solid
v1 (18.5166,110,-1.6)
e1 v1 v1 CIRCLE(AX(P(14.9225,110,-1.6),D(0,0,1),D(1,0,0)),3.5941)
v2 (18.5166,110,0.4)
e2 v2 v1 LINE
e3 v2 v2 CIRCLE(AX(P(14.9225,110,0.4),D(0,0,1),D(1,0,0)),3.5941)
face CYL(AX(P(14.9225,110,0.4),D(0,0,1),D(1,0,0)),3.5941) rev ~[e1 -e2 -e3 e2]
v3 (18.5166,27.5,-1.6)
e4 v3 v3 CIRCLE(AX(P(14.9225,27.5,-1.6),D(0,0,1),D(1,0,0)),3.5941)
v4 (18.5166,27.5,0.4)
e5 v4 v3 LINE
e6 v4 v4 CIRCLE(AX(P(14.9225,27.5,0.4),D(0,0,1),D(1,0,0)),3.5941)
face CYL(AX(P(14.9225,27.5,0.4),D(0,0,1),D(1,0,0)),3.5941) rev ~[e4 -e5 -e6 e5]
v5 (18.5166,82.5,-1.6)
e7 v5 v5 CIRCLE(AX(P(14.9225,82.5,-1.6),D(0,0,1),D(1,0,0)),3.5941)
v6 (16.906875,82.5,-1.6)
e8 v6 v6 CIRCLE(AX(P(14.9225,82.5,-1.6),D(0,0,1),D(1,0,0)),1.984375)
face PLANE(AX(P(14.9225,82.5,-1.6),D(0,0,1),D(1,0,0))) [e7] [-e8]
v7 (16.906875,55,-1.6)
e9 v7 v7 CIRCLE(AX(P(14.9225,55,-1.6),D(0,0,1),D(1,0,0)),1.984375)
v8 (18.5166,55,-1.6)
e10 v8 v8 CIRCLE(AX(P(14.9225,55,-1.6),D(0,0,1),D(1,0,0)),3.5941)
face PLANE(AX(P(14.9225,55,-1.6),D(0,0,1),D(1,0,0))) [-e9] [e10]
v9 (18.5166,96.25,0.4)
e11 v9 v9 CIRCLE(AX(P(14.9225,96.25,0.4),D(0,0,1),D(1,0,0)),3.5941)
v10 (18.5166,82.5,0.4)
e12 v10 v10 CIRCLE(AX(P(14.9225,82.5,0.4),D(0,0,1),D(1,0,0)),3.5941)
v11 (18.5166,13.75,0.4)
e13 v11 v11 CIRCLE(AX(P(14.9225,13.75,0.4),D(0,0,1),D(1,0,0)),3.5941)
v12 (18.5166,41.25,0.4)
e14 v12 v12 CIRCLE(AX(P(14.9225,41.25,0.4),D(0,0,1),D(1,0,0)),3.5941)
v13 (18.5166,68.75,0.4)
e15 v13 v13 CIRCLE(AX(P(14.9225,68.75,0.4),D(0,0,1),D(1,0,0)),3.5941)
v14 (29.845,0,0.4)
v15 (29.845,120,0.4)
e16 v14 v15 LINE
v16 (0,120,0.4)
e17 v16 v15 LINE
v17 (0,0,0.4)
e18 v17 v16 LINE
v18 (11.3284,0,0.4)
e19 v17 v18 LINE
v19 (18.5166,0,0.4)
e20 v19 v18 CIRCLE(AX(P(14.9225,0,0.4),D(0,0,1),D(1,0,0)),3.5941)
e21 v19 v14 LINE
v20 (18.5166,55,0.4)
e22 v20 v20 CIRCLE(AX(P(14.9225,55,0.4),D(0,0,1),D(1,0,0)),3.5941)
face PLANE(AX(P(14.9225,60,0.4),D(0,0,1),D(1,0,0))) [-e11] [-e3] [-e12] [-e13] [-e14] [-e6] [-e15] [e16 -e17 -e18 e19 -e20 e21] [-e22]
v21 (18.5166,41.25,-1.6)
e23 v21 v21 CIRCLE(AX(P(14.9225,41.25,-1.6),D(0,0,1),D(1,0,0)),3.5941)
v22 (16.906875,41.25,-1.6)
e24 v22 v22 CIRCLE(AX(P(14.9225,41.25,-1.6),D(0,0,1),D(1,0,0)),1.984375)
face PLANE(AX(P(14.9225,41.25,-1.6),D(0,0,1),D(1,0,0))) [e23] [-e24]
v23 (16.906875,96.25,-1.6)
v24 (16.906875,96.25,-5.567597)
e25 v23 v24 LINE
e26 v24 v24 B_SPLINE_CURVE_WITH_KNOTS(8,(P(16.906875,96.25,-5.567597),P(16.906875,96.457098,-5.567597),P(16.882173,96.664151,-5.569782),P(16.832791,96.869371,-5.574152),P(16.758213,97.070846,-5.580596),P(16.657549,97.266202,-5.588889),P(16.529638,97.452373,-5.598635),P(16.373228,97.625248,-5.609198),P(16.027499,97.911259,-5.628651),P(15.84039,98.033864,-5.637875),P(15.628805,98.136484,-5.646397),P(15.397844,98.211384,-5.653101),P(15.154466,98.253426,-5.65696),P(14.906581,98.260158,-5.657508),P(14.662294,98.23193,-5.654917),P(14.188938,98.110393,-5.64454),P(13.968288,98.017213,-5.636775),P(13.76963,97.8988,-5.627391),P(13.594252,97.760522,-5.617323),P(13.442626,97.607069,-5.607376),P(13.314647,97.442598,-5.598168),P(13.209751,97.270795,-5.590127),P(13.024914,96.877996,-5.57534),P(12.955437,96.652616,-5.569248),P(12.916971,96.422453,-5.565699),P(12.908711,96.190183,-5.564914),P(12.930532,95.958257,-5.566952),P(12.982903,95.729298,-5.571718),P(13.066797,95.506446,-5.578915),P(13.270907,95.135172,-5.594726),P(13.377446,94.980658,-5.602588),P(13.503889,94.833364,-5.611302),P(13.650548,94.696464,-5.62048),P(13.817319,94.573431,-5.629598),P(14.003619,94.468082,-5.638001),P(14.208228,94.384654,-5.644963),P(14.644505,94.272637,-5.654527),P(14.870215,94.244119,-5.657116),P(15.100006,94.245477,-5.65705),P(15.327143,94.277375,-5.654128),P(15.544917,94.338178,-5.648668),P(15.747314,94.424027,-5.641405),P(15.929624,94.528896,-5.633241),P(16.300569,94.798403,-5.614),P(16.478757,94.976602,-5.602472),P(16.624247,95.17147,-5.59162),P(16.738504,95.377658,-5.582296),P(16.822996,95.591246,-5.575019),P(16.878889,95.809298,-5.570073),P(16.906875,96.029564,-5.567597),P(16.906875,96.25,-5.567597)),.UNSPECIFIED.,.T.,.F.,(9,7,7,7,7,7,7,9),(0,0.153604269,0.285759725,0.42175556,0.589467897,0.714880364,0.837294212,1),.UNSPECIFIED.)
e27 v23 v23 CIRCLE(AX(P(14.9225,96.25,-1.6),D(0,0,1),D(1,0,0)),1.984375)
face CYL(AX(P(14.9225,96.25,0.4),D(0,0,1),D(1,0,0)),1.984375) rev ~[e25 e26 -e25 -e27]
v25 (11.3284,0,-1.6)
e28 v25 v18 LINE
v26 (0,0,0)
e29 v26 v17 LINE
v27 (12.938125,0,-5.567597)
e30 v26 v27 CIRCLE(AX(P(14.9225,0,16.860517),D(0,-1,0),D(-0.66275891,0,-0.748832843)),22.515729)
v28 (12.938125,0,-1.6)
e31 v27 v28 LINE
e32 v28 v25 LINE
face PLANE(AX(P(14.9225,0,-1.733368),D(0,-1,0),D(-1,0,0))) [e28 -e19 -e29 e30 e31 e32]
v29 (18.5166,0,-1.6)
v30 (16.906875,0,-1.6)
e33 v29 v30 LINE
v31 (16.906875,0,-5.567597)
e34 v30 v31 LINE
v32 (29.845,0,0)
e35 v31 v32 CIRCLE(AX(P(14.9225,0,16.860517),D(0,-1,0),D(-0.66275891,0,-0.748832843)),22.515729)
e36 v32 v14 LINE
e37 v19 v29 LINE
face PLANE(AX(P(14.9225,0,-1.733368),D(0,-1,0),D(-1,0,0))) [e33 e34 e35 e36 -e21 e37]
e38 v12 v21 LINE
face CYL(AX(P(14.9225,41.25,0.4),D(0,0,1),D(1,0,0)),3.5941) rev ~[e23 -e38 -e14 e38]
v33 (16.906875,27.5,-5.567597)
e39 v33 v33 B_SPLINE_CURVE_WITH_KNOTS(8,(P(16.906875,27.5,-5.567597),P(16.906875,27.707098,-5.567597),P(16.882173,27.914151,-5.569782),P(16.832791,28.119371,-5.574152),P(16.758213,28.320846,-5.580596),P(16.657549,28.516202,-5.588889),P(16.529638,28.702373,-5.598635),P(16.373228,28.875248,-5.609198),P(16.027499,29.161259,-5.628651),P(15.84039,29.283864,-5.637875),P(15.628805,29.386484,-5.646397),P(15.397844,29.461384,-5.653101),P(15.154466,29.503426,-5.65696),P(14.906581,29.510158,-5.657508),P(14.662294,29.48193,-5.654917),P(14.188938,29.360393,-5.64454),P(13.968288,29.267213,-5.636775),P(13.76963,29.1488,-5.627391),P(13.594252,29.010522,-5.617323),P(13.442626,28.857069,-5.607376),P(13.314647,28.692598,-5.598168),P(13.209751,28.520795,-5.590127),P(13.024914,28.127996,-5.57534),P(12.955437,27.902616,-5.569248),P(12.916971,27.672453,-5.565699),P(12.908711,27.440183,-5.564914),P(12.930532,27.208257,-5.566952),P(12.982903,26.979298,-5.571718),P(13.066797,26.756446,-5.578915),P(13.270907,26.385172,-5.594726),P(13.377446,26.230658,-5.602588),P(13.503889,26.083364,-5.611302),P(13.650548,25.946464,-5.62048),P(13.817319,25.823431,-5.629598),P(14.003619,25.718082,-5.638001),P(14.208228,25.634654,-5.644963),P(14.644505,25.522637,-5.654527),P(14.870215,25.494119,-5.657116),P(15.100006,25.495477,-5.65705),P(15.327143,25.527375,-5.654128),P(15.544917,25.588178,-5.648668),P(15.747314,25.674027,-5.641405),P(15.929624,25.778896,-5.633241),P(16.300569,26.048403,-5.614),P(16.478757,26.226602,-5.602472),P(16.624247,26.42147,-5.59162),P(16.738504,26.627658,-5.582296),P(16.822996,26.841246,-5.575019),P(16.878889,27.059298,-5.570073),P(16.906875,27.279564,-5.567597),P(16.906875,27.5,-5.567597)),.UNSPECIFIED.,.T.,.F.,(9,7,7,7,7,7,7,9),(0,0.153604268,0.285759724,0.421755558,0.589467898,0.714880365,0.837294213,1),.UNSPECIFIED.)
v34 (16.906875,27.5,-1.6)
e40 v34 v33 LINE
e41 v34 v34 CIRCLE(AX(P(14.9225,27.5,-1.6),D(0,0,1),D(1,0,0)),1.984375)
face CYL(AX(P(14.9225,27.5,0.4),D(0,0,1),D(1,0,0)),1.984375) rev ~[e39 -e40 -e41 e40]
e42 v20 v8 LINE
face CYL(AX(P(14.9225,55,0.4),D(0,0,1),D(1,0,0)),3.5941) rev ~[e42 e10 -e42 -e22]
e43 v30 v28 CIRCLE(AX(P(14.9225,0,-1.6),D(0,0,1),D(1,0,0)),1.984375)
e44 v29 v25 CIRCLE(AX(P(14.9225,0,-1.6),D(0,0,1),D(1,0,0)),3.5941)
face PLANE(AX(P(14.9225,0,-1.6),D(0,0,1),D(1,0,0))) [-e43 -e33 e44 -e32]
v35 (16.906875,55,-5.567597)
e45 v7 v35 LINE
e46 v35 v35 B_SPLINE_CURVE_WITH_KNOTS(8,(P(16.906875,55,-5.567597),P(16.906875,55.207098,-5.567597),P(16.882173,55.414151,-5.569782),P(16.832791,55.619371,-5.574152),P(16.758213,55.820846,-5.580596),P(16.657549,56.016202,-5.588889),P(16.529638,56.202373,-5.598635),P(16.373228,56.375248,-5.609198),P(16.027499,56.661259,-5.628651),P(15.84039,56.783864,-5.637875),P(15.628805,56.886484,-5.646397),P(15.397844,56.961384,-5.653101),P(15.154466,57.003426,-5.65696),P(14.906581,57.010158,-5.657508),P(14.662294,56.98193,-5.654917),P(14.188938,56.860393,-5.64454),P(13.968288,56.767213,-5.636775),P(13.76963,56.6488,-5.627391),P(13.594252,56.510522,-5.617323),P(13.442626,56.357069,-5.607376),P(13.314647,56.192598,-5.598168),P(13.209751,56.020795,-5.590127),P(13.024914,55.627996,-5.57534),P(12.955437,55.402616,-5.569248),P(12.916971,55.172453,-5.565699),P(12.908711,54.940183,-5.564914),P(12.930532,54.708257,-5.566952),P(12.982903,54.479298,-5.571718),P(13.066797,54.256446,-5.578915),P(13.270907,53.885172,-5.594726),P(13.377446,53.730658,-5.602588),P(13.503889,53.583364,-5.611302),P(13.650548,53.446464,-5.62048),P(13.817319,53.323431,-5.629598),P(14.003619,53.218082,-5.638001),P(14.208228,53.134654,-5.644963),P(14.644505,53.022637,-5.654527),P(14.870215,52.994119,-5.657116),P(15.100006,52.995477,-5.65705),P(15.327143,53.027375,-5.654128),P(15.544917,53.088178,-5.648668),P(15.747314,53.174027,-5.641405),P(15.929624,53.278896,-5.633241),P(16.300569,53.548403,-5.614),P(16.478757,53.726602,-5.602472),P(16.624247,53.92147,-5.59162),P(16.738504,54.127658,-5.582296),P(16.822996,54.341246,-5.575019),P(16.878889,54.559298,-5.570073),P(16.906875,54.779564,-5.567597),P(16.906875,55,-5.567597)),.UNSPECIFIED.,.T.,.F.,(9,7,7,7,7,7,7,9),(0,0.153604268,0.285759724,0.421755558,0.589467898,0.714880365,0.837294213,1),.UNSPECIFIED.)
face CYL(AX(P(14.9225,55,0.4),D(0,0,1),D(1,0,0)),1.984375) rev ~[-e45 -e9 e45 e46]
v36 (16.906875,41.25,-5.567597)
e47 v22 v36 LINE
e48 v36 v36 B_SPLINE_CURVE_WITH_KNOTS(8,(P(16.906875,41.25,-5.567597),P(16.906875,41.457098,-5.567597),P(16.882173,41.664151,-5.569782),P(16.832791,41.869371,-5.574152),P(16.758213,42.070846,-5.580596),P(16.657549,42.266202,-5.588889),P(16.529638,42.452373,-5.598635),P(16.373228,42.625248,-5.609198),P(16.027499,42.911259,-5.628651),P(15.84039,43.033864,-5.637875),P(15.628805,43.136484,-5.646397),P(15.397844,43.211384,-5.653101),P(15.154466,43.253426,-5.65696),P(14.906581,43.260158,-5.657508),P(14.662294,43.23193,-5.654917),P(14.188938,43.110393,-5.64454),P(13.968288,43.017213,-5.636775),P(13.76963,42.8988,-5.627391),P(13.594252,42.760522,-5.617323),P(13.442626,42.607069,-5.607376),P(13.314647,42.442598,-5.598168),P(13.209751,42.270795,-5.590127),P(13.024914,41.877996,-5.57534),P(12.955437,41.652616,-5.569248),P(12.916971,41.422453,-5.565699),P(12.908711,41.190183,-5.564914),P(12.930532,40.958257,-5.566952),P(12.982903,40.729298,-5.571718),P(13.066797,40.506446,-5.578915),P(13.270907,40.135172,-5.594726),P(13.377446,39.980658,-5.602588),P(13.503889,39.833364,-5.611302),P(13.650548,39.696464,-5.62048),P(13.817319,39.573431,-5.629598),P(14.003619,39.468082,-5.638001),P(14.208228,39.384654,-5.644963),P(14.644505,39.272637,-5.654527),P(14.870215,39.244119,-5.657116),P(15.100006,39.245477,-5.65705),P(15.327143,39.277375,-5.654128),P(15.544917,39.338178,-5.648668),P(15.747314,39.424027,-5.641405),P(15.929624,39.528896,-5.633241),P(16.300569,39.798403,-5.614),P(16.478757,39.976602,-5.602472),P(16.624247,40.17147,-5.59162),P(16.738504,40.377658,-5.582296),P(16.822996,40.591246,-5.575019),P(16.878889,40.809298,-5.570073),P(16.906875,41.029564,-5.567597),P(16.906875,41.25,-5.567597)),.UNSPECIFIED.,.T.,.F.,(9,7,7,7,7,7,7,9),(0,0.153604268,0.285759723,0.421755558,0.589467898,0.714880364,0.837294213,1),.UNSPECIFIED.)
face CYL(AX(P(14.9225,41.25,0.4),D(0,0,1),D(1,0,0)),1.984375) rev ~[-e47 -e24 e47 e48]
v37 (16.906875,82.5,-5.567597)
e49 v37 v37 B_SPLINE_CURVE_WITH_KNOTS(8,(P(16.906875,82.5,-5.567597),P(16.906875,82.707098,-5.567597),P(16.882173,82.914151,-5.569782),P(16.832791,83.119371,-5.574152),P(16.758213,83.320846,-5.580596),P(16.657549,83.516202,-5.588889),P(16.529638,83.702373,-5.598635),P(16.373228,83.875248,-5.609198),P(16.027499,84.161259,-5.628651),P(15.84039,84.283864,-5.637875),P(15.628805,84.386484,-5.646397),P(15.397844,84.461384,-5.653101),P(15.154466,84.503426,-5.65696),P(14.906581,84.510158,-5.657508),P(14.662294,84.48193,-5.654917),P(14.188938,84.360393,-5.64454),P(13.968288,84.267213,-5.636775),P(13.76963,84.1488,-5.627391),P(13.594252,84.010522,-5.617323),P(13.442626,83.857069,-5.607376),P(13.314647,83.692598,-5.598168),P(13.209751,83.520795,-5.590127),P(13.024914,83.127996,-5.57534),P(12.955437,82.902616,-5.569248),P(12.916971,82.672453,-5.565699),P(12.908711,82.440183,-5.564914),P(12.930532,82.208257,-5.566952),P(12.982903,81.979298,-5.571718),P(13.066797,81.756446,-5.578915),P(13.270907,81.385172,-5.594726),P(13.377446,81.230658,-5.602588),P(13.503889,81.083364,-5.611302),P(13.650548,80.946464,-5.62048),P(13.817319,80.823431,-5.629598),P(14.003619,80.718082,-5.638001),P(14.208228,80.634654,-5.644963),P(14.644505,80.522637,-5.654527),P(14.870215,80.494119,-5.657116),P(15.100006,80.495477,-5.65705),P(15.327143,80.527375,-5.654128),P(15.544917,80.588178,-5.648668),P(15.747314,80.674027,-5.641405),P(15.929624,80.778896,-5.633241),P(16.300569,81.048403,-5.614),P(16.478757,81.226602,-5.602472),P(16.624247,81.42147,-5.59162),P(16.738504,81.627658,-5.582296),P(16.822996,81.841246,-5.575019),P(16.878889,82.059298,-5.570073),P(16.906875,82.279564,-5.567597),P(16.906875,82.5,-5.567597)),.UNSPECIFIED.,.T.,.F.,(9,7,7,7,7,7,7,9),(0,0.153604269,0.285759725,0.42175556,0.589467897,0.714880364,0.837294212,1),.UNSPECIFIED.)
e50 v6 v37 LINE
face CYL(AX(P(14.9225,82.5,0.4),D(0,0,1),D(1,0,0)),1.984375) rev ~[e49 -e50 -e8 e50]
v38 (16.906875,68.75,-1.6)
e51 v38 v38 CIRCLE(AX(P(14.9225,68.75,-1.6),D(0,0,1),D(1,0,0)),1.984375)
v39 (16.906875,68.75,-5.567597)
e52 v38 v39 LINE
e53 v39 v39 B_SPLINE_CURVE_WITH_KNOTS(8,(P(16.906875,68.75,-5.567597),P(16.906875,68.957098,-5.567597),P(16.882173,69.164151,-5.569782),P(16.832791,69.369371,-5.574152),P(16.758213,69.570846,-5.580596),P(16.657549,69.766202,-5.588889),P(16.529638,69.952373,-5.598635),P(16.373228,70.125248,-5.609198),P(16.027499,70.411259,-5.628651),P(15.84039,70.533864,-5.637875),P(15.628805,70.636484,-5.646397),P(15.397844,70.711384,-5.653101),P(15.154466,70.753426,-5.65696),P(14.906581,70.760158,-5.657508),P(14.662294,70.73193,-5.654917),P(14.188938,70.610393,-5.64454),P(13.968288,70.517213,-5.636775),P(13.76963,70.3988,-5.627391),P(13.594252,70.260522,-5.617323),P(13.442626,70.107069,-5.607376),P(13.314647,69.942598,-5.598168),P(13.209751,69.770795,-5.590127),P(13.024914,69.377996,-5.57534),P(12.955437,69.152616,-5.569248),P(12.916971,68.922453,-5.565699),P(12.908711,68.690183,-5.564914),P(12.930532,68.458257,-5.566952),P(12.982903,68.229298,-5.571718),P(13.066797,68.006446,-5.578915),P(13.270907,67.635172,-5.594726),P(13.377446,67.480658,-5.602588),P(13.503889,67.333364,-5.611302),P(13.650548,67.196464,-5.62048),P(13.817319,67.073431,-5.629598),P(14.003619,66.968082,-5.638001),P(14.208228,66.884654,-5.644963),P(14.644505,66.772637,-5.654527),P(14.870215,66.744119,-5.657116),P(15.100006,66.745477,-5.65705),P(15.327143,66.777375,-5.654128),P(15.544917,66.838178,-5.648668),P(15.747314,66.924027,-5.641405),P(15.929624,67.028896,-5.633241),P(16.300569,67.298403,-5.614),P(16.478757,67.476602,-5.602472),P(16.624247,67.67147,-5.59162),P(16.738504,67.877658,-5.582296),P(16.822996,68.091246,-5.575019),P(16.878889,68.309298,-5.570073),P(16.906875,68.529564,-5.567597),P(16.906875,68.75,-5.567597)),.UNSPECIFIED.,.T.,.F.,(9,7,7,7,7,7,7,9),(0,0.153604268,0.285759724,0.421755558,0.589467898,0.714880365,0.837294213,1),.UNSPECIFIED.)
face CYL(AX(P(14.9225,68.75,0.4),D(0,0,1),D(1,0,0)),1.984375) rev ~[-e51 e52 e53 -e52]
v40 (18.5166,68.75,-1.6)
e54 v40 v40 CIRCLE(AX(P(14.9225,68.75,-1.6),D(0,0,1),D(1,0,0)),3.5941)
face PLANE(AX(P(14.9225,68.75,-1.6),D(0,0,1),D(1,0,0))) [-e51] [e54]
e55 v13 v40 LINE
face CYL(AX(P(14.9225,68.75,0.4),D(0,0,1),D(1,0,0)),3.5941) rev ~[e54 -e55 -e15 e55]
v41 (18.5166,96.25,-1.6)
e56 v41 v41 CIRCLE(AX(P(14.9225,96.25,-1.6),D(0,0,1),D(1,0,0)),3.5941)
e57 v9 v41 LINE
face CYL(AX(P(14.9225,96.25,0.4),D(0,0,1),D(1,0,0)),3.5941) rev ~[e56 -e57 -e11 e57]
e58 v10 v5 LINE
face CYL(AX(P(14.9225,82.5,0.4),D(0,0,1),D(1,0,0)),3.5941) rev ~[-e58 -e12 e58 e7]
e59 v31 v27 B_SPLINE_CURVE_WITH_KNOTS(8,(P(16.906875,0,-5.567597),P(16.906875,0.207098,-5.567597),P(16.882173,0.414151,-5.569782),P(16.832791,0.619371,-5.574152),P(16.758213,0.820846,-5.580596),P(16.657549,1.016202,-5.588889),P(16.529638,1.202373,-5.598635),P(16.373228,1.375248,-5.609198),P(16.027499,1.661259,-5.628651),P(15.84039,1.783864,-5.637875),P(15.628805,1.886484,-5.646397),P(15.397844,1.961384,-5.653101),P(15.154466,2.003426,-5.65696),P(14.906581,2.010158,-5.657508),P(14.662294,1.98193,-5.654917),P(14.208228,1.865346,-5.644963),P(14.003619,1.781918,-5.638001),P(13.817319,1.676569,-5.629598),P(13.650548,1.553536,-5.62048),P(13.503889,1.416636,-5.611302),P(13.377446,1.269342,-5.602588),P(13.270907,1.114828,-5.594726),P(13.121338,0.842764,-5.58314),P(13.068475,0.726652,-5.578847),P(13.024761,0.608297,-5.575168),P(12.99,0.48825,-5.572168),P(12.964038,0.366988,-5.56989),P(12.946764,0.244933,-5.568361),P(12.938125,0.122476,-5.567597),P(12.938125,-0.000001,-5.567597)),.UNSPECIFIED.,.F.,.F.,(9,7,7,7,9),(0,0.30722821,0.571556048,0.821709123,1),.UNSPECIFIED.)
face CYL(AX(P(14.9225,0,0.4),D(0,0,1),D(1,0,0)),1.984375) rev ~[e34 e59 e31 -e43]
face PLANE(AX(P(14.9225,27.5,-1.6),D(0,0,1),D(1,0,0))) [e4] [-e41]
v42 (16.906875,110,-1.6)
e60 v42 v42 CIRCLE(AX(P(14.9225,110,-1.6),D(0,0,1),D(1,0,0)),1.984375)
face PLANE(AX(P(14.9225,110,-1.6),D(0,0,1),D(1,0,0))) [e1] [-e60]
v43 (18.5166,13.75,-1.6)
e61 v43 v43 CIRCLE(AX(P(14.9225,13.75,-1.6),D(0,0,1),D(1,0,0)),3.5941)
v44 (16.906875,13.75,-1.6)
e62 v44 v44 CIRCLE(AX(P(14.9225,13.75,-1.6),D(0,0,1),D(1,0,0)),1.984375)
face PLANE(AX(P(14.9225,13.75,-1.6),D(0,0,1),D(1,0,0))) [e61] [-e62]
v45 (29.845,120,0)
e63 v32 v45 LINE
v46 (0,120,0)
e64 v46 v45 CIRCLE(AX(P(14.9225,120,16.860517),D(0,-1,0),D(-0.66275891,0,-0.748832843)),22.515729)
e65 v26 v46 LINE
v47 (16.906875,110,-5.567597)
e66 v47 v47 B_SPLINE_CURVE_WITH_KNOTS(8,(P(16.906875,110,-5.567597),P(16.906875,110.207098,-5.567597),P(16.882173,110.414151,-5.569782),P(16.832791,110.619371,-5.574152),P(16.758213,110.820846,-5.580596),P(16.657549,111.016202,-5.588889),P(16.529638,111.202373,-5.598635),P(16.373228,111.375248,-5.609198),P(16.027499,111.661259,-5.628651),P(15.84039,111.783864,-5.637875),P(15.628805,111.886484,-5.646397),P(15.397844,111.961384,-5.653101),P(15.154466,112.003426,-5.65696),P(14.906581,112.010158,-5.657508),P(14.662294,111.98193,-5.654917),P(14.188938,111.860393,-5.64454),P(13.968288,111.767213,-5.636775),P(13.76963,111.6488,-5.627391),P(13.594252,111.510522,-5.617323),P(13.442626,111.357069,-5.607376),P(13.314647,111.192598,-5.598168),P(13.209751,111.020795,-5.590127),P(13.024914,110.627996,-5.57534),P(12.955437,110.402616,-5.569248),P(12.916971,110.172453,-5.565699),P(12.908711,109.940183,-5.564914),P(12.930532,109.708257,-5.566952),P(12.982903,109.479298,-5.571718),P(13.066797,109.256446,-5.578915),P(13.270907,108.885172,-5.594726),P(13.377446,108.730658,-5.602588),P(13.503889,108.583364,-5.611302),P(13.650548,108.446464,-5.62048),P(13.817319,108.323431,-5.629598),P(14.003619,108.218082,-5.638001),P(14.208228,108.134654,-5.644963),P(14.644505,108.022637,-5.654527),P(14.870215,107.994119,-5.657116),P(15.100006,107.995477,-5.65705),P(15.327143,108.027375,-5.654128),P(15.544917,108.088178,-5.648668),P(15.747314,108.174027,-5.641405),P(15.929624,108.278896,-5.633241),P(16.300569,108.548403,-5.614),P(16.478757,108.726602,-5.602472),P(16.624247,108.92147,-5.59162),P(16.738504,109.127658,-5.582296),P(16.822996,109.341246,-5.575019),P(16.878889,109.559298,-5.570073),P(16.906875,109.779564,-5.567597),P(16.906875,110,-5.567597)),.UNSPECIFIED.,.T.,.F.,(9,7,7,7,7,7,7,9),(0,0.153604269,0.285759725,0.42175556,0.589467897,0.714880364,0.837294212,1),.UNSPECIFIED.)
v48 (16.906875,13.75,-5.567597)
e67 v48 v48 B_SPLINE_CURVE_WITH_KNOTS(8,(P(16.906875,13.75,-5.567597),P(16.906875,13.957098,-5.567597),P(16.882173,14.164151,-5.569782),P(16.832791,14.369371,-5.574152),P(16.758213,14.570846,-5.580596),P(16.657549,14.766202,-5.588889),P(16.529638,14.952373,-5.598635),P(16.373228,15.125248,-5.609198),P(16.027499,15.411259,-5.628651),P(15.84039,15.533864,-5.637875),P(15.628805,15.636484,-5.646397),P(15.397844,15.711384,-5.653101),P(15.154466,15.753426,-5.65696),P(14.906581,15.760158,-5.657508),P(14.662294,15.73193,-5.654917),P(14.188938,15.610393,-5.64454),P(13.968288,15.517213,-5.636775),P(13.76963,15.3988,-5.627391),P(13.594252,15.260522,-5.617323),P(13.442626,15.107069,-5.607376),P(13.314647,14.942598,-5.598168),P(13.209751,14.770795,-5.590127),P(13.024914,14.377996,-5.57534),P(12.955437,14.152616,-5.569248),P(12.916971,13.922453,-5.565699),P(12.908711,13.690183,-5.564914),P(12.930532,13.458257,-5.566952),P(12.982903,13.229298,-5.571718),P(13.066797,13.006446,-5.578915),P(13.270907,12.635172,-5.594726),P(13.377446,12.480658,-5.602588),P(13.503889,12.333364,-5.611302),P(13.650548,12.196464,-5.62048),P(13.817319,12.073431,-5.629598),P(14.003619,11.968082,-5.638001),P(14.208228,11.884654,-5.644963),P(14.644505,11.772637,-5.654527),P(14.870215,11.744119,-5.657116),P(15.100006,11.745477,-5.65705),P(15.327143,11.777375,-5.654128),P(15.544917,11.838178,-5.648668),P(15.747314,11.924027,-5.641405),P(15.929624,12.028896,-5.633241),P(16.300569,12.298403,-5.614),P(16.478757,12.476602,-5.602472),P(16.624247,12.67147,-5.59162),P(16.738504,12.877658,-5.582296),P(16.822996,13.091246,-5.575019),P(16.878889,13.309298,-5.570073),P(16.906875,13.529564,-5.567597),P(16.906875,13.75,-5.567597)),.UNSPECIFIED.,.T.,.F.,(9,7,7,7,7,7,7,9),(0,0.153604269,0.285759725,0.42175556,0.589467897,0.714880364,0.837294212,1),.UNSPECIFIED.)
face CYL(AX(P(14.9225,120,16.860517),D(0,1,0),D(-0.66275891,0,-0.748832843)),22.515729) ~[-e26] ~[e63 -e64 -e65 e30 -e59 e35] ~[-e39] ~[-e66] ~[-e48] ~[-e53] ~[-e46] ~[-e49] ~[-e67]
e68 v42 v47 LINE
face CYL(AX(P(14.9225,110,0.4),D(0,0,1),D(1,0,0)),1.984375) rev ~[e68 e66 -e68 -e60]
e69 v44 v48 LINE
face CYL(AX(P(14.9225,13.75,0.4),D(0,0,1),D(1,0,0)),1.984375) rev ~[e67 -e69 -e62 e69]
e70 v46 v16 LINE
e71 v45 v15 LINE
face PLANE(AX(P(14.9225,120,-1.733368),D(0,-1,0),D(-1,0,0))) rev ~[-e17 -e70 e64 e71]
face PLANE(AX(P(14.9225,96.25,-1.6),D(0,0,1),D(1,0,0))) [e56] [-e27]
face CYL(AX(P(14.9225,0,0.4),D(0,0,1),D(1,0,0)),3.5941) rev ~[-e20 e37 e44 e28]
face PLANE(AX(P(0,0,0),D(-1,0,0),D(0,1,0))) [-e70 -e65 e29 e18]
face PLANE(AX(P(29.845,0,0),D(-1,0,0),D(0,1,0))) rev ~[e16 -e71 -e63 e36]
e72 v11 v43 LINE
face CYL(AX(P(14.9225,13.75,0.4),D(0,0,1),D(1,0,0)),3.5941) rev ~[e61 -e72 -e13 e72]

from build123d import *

# Parameters (mm, degrees)
SKETCH1_W           = 29.845
SKETCH1_H           = 120
BOSS_EXTRUDE1_DEPTH = 0.4
BOSS_EXTRUDE2_DEPTH = 120
SKETCH2_R           = 1.984375
CUT_EXTRUDE1_DEPTH  = 7.055211633
LPATTERN1_COUNT     = 15
LPATTERN1_PITCH     = 13.75
SKETCH4_R           = 3.5941
CUT_EXTRUDE2_DEPTH  = 2
LPATTERN2_COUNT     = 10
LPATTERN2_PITCH     = 13.75


with BuildPart() as part:
    # Sketch1 → Boss-Extrude1 (new body)
    with BuildSketch(Plane.XY):
        with Locations((14.9225, 60)):
            Rectangle(SKETCH1_W, SKETCH1_H)
    extrude(amount=BOSS_EXTRUDE1_DEPTH)

    # Sketch3 → Boss-Extrude2 (add, through all)
    with BuildSketch(Plane(origin=(0, 120, 0), x_dir=(1, 0, 0), z_dir=(0, 1, 0))):
        with BuildLine():
            Line((29.845, 0), (0, 0))
            ThreePointArc((0, 0), (14.9225, 5.655211633), (29.845, 0))
        make_face()
    extrude(amount=-BOSS_EXTRUDE2_DEPTH)

    # Sketch2 → Cut-Extrude1 (cut, through all)
    with BuildSketch(Plane.XY.offset(0.4)):
        with Locations((14.9225, 0)):
            Circle(SKETCH2_R)
    cut_extrude1 = extrude(amount=-CUT_EXTRUDE1_DEPTH, mode=Mode.SUBTRACT)

    # LPattern1: Cut-Extrude1 ×15
    with Locations(*[(0, i * LPATTERN1_PITCH, 0) for i in range(1, LPATTERN1_COUNT)]):
        add(cut_extrude1, mode=Mode.SUBTRACT)

    # Sketch4 → Cut-Extrude2 (cut)
    with BuildSketch(Plane.XY.offset(0.4)):
        with Locations((14.9225, 0)):
            Circle(SKETCH4_R)
    cut_extrude2 = extrude(amount=-CUT_EXTRUDE2_DEPTH, mode=Mode.SUBTRACT)

    # LPattern2: Cut-Extrude2 ×10
    with Locations(*[(0, i * LPATTERN2_PITCH, 0) for i in range(1, LPATTERN2_COUNT)]):
        add(cut_extrude2, mode=Mode.SUBTRACT)


solid = part.part
